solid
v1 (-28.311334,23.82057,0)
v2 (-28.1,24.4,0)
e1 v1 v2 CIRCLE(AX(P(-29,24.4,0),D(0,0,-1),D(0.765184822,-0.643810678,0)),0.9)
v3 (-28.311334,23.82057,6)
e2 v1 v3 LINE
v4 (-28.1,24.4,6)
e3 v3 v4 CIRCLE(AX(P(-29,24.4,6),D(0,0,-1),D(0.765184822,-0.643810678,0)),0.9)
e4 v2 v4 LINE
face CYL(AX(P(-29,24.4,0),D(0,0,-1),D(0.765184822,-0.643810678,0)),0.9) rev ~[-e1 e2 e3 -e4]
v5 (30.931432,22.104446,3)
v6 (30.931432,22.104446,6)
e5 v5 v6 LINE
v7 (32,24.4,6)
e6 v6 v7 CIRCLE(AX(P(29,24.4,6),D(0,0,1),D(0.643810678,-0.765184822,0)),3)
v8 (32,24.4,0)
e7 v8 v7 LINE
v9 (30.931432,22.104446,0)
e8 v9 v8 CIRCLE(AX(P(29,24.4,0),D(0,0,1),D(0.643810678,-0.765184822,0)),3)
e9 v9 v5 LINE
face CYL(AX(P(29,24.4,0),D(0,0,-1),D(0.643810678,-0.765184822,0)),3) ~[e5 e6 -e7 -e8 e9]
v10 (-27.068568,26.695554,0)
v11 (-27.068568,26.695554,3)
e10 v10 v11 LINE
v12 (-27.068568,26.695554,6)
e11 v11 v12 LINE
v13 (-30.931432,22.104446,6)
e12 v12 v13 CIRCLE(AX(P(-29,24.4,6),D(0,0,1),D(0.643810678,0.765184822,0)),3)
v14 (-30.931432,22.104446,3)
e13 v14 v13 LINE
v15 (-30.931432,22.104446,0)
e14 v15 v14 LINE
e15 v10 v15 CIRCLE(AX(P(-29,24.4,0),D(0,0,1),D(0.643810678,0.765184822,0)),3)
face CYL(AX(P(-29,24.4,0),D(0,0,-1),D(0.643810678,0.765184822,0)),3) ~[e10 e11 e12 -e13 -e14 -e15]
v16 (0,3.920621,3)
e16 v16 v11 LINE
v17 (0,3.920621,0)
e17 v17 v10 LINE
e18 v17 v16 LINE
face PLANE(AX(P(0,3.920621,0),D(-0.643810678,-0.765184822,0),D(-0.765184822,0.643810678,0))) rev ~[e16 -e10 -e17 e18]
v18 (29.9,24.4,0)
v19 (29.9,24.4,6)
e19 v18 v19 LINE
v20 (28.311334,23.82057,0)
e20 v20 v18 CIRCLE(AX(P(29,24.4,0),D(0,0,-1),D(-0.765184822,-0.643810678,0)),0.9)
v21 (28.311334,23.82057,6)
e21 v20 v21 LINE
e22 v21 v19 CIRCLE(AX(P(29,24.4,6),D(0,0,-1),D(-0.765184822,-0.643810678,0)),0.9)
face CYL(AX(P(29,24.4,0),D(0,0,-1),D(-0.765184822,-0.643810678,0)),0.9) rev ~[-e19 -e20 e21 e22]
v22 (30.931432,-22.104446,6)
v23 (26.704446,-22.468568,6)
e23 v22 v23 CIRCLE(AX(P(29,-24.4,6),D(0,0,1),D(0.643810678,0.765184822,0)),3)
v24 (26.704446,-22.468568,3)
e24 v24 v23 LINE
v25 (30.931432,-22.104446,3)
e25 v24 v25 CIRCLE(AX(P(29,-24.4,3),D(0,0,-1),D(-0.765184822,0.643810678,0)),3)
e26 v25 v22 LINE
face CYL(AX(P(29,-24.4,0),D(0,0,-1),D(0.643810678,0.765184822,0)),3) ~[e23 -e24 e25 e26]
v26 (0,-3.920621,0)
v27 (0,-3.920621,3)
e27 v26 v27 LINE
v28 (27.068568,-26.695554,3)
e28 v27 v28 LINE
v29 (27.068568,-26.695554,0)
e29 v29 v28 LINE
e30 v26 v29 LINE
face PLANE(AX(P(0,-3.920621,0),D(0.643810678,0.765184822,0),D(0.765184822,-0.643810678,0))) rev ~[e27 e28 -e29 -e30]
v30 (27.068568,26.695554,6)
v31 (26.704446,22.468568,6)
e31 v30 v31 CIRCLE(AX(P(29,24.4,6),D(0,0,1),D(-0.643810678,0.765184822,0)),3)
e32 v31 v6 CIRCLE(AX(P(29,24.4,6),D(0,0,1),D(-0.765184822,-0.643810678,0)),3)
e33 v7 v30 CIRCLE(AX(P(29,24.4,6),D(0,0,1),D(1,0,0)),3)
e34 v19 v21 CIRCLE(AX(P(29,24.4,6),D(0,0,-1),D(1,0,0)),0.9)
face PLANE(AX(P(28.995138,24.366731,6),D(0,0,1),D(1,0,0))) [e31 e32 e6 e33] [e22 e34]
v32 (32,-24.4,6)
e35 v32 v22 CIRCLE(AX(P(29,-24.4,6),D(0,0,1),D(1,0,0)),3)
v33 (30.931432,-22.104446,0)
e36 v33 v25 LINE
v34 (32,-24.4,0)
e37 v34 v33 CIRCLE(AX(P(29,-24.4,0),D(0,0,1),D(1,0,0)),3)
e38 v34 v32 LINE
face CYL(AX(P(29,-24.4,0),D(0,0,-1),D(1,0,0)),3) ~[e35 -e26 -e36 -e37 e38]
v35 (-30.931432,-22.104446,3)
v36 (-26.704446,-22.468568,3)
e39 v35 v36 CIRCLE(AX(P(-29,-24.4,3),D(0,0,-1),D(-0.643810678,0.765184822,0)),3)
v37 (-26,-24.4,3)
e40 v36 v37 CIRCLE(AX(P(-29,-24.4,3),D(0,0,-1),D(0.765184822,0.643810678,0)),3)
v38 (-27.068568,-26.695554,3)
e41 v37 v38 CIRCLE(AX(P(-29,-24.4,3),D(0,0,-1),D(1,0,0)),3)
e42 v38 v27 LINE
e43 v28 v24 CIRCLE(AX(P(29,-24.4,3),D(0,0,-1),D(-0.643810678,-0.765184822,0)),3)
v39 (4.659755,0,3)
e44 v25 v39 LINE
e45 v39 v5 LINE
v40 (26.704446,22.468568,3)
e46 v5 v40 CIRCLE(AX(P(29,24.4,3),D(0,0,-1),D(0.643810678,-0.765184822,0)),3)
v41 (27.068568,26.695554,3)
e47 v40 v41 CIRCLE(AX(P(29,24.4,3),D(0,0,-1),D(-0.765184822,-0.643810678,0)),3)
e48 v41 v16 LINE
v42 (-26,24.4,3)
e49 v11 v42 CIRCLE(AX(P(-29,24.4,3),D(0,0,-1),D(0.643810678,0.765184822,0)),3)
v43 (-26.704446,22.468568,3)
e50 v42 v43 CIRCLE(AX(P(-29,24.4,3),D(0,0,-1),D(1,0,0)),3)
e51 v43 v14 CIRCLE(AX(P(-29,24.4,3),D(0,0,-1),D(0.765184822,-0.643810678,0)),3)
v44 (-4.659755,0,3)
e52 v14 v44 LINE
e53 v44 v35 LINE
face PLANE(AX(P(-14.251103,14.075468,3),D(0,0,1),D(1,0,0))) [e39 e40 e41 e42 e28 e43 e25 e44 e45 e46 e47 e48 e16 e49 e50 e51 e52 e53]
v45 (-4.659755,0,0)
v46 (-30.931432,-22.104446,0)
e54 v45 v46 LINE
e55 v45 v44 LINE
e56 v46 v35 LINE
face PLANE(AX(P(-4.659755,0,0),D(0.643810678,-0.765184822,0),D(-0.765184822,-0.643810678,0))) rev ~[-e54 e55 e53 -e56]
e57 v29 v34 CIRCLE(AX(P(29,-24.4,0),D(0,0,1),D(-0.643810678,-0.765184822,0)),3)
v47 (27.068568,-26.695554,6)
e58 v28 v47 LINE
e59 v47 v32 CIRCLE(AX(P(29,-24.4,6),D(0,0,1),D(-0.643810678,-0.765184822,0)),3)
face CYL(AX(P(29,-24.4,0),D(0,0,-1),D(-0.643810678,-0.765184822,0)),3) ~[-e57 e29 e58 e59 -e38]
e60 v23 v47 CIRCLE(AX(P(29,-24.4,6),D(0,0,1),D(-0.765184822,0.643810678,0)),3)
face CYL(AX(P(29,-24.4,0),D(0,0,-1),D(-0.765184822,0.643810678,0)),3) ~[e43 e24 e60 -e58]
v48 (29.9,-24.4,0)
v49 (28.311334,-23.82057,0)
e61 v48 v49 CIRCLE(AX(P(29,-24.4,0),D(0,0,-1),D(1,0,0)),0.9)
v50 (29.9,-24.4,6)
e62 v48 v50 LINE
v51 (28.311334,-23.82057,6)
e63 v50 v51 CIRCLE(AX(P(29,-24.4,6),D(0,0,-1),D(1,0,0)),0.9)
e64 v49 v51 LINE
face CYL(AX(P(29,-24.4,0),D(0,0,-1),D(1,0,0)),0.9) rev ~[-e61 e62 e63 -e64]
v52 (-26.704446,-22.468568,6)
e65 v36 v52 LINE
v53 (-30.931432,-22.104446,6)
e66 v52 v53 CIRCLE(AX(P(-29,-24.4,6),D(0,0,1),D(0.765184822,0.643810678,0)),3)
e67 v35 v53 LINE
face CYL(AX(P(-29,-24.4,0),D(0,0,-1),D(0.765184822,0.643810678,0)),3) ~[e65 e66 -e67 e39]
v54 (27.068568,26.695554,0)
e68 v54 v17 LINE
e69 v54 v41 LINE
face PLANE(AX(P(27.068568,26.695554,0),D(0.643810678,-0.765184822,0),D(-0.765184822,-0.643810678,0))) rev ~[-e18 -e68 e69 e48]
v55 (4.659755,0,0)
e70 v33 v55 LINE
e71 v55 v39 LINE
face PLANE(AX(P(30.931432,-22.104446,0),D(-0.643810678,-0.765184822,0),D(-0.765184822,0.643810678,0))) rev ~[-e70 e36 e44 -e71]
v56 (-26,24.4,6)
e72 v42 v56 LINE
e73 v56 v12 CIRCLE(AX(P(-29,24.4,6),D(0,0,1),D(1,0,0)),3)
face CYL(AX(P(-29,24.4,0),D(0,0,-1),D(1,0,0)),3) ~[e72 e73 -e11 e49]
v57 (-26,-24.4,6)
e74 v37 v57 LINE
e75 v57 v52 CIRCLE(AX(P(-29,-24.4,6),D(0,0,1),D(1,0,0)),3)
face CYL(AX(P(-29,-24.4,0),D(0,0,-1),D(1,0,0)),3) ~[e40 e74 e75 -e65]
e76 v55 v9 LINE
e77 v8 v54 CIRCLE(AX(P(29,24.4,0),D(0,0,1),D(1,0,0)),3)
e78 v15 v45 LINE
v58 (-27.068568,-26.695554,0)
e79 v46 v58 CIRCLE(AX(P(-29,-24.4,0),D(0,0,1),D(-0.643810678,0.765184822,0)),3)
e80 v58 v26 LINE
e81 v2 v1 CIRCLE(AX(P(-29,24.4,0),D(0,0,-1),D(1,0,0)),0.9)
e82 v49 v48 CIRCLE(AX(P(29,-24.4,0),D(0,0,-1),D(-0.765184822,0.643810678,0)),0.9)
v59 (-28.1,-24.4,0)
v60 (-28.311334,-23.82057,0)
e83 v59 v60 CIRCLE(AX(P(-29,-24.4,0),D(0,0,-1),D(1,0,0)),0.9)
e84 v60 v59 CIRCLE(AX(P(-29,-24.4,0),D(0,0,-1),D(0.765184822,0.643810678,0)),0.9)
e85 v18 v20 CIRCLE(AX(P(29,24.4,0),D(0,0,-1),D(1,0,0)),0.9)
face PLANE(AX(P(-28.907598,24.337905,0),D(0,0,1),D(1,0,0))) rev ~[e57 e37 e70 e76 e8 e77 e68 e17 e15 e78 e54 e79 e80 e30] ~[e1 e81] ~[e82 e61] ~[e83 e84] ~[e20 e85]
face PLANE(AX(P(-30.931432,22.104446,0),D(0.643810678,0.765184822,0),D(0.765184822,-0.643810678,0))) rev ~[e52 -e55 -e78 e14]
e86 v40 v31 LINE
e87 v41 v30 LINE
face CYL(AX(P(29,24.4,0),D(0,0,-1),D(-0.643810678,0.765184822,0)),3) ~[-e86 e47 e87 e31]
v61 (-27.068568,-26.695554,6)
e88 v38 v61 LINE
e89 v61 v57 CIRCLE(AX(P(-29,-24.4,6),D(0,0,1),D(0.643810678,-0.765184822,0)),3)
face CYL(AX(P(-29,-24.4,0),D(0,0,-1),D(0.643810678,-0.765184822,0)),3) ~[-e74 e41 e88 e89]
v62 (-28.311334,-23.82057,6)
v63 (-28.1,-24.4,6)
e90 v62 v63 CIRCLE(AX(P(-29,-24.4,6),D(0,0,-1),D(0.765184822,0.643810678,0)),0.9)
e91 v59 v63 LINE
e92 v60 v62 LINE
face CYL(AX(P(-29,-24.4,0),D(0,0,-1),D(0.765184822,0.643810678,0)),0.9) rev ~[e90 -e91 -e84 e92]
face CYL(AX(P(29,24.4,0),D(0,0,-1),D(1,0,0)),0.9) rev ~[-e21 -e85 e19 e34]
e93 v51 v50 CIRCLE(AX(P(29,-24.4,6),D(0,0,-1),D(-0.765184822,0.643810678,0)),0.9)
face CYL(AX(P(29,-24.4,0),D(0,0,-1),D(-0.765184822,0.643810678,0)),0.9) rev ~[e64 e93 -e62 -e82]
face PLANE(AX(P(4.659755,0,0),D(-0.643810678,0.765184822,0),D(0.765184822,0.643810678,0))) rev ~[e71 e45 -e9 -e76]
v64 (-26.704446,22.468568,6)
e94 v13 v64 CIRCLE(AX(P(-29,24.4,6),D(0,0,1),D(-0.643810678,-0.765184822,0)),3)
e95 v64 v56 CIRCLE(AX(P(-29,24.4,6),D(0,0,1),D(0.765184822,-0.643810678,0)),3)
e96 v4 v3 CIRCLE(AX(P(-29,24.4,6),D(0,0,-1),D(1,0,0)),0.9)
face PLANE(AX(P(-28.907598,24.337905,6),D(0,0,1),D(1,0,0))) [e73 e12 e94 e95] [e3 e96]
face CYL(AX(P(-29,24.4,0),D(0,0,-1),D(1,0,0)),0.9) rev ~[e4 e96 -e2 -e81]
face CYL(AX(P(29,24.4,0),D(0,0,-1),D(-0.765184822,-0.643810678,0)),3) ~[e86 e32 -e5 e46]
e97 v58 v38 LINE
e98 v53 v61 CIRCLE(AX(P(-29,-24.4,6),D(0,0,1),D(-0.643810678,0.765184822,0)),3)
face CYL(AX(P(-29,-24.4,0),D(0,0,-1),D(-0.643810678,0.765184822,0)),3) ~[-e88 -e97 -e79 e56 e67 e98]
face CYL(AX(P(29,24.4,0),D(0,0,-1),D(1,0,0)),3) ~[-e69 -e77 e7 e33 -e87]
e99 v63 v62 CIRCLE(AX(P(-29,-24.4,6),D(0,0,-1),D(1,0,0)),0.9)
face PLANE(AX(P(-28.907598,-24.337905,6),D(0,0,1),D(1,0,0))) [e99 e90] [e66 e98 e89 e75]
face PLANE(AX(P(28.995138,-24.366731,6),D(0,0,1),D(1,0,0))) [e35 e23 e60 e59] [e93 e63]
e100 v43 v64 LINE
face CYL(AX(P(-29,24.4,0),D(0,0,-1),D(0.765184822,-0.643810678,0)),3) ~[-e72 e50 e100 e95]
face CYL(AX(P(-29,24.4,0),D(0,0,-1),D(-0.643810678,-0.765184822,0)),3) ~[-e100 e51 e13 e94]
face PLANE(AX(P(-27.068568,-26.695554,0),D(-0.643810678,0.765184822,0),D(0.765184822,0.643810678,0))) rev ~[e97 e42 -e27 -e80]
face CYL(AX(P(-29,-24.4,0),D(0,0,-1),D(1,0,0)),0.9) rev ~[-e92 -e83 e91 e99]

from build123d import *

# Parameters (mm, degrees)
F1_DEPTH = 3
F2_DEPTH = 6


with BuildPart() as f1:
    # F0 (on Top) → F1 (new body)
    with BuildSketch(Plane.XY):
        with BuildLine():
            ThreePointArc((-26, 24.4), (-26.1816083136, 23.3720562748), (-26.7044455348, 22.4685679672))
            Line((-26.7044455348, 22.4685679672), (-2.3298774814, 1.9603107085))
            Line((-2.3298774814, 1.9603107085), (0, 3.9206214169))
            Line((0, 3.9206214169), (-27.0685679672, 26.6955544652))
            ThreePointArc((-27.0685679672, 26.6955544652), (-26.2802301478, 25.6660378947), (-26, 24.4))
        make_face()
        with BuildLine():
            Line((-2.3298774814, 1.9603107085), (-26.7044455348, 22.4685679672))
            ThreePointArc((-26.7044455348, 22.4685679672), (-28.7425265589, 21.4110691833), (-30.9314320328, 22.1044455348))
            Line((-30.9314320328, 22.1044455348), (-4.6597549627, 0))
            Line((-4.6597549627, 0), (-2.3298774814, 1.9603107085))
        make_face()
        with BuildLine():
            Line((27.0685679672, 26.6955544652), (0, 3.9206214169))
            Line((0, 3.9206214169), (2.3298774814, 1.9603107085))
            Line((2.3298774814, 1.9603107085), (26.7044455348, 22.4685679672))
            ThreePointArc((26.7044455348, 22.4685679672), (26.0110691833, 24.6574734411), (27.0685679672, 26.6955544652))
        make_face()
        with BuildLine():
            Line((26.7044455348, 22.4685679672), (2.3298774814, 1.9603107085))
            Line((2.3298774814, 1.9603107085), (4.6597549627, 0))
            Line((4.6597549627, 0), (30.9314320328, 22.1044455348))
            ThreePointArc((30.9314320328, 22.1044455348), (28.7425265589, 21.4110691833), (26.7044455348, 22.4685679672))
        make_face()
        Polygon((0, 3.9206214169), (-2.3298774814, 1.9603107085), (0, 0), (2.3298774814, 1.9603107085), align=None)
        Polygon((0, 0), (-2.3298774814, 1.9603107085), (-4.6597549627, 0), (-2.3298774814, -1.9603107085), align=None)
        Polygon((2.3298774814, 1.9603107085), (0, 0), (2.3298774814, -1.9603107085), (4.6597549627, 0), align=None)
        Polygon((2.3298774814, -1.9603107085), (0, 0), (-2.3298774814, -1.9603107085), (0, -3.9206214169), align=None)
        with BuildLine():
            Line((-2.3298774814, -1.9603107085), (-4.6597549627, 0))
            Line((-4.6597549627, 0), (-30.9314320328, -22.1044455348))
            ThreePointArc((-30.9314320328, -22.1044455348), (-28.7425265589, -21.4110691833), (-26.7044455348, -22.4685679672))
            Line((-26.7044455348, -22.4685679672), (-2.3298774814, -1.9603107085))
        make_face()
        with BuildLine():
            Line((0, -3.9206214169), (-2.3298774814, -1.9603107085))
            Line((-2.3298774814, -1.9603107085), (-26.7044455348, -22.4685679672))
            ThreePointArc((-26.7044455348, -22.4685679672), (-26.1816083136, -23.3720562748), (-26, -24.4))
            ThreePointArc((-26, -24.4), (-26.2802301478, -25.6660378947), (-27.0685679672, -26.6955544652))
            Line((-27.0685679672, -26.6955544652), (0, -3.9206214169))
        make_face()
        with BuildLine():
            Line((4.6597549627, 0), (2.3298774814, -1.9603107085))
            Line((2.3298774814, -1.9603107085), (26.7044455348, -22.4685679672))
            ThreePointArc((26.7044455348, -22.4685679672), (28.7425265589, -21.4110691833), (30.9314320328, -22.1044455348))
            Line((30.9314320328, -22.1044455348), (4.6597549627, 0))
        make_face()
        with BuildLine():
            Line((26.7044455348, -22.4685679672), (2.3298774814, -1.9603107085))
            Line((2.3298774814, -1.9603107085), (0, -3.9206214169))
            Line((0, -3.9206214169), (27.0685679672, -26.6955544652))
            ThreePointArc((27.0685679672, -26.6955544652), (26.0110691833, -24.6574734411), (26.7044455348, -22.4685679672))
        make_face()
    extrude(amount=F1_DEPTH)

    # F0 (on Top) → F2 (join)
    with BuildSketch(Plane.XY):
        with BuildLine():
            ThreePointArc((-30.9314320328, 22.1044455348), (-28.7425265589, 21.4110691833), (-26.7044455348, 22.4685679672))
            ThreePointArc((-26.7044455348, 22.4685679672), (-26.1816083136, 23.3720562748), (-26, 24.4))
            ThreePointArc((-26, 24.4), (-26.2802301478, 25.6660378947), (-27.0685679672, 26.6955544652))
            ThreePointArc((-27.0685679672, 26.6955544652), (-31.2955544652, 26.3314320328), (-30.9314320328, 22.1044455348))
        make_face()
        with BuildLine():
            ThreePointArc((-28.1, 24.4), (-28.1544824941, 24.0916168824), (-28.3113336604, 23.8205703902))
            ThreePointArc((-28.3113336604, 23.8205703902), (-29.8455175059, 24.7083831176), (-28.1, 24.4))
        make_face(mode=Mode.SUBTRACT)
        with BuildLine():
            ThreePointArc((32, 24.4), (30.2660378947, 27.1197698522), (27.0685679672, 26.6955544652))
            ThreePointArc((27.0685679672, 26.6955544652), (26.0110691833, 24.6574734411), (26.7044455348, 22.4685679672))
            ThreePointArc((26.7044455348, 22.4685679672), (28.7425265589, 21.4110691833), (30.9314320328, 22.1044455348))
            ThreePointArc((30.9314320328, 22.1044455348), (31.7197698522, 23.1339621053), (32, 24.4))
        make_face()
        with BuildLine():
            ThreePointArc((29.9, 24.4), (29.3083831176, 23.5544824941), (28.3113336604, 23.8205703902))
            ThreePointArc((28.3113336604, 23.8205703902), (28.6916168824, 25.2455175059), (29.9, 24.4))
        make_face(mode=Mode.SUBTRACT)
        with BuildLine():
            ThreePointArc((30.9314320328, -22.1044455348), (28.7425265589, -21.4110691833), (26.7044455348, -22.4685679672))
            ThreePointArc((26.7044455348, -22.4685679672), (26.0110691833, -24.6574734411), (27.0685679672, -26.6955544652))
            ThreePointArc((27.0685679672, -26.6955544652), (30.2660378947, -27.1197698522), (32, -24.4))
            ThreePointArc((32, -24.4), (31.7197698522, -23.1339621053), (30.9314320328, -22.1044455348))
        make_face()
        with BuildLine():
            ThreePointArc((29.9, -24.4), (28.6916168824, -25.2455175059), (28.3113336604, -23.8205703902))
            ThreePointArc((28.3113336604, -23.8205703902), (29.3083831176, -23.5544824941), (29.9, -24.4))
        make_face(mode=Mode.SUBTRACT)
        with BuildLine():
            ThreePointArc((-26.7044455348, -22.4685679672), (-28.7425265589, -21.4110691833), (-30.9314320328, -22.1044455348))
            ThreePointArc((-30.9314320328, -22.1044455348), (-31.2955544652, -26.3314320328), (-27.0685679672, -26.6955544652))
            ThreePointArc((-27.0685679672, -26.6955544652), (-26.2802301478, -25.6660378947), (-26, -24.4))
            ThreePointArc((-26, -24.4), (-26.1816083136, -23.3720562748), (-26.7044455348, -22.4685679672))
        make_face()
        with BuildLine():
            ThreePointArc((-28.1, -24.4), (-29.8455175059, -24.7083831176), (-28.3113336604, -23.8205703902))
            ThreePointArc((-28.3113336604, -23.8205703902), (-28.1544824941, -24.0916168824), (-28.1, -24.4))
        make_face(mode=Mode.SUBTRACT)
    extrude(amount=F2_DEPTH)


solid = f1.part
